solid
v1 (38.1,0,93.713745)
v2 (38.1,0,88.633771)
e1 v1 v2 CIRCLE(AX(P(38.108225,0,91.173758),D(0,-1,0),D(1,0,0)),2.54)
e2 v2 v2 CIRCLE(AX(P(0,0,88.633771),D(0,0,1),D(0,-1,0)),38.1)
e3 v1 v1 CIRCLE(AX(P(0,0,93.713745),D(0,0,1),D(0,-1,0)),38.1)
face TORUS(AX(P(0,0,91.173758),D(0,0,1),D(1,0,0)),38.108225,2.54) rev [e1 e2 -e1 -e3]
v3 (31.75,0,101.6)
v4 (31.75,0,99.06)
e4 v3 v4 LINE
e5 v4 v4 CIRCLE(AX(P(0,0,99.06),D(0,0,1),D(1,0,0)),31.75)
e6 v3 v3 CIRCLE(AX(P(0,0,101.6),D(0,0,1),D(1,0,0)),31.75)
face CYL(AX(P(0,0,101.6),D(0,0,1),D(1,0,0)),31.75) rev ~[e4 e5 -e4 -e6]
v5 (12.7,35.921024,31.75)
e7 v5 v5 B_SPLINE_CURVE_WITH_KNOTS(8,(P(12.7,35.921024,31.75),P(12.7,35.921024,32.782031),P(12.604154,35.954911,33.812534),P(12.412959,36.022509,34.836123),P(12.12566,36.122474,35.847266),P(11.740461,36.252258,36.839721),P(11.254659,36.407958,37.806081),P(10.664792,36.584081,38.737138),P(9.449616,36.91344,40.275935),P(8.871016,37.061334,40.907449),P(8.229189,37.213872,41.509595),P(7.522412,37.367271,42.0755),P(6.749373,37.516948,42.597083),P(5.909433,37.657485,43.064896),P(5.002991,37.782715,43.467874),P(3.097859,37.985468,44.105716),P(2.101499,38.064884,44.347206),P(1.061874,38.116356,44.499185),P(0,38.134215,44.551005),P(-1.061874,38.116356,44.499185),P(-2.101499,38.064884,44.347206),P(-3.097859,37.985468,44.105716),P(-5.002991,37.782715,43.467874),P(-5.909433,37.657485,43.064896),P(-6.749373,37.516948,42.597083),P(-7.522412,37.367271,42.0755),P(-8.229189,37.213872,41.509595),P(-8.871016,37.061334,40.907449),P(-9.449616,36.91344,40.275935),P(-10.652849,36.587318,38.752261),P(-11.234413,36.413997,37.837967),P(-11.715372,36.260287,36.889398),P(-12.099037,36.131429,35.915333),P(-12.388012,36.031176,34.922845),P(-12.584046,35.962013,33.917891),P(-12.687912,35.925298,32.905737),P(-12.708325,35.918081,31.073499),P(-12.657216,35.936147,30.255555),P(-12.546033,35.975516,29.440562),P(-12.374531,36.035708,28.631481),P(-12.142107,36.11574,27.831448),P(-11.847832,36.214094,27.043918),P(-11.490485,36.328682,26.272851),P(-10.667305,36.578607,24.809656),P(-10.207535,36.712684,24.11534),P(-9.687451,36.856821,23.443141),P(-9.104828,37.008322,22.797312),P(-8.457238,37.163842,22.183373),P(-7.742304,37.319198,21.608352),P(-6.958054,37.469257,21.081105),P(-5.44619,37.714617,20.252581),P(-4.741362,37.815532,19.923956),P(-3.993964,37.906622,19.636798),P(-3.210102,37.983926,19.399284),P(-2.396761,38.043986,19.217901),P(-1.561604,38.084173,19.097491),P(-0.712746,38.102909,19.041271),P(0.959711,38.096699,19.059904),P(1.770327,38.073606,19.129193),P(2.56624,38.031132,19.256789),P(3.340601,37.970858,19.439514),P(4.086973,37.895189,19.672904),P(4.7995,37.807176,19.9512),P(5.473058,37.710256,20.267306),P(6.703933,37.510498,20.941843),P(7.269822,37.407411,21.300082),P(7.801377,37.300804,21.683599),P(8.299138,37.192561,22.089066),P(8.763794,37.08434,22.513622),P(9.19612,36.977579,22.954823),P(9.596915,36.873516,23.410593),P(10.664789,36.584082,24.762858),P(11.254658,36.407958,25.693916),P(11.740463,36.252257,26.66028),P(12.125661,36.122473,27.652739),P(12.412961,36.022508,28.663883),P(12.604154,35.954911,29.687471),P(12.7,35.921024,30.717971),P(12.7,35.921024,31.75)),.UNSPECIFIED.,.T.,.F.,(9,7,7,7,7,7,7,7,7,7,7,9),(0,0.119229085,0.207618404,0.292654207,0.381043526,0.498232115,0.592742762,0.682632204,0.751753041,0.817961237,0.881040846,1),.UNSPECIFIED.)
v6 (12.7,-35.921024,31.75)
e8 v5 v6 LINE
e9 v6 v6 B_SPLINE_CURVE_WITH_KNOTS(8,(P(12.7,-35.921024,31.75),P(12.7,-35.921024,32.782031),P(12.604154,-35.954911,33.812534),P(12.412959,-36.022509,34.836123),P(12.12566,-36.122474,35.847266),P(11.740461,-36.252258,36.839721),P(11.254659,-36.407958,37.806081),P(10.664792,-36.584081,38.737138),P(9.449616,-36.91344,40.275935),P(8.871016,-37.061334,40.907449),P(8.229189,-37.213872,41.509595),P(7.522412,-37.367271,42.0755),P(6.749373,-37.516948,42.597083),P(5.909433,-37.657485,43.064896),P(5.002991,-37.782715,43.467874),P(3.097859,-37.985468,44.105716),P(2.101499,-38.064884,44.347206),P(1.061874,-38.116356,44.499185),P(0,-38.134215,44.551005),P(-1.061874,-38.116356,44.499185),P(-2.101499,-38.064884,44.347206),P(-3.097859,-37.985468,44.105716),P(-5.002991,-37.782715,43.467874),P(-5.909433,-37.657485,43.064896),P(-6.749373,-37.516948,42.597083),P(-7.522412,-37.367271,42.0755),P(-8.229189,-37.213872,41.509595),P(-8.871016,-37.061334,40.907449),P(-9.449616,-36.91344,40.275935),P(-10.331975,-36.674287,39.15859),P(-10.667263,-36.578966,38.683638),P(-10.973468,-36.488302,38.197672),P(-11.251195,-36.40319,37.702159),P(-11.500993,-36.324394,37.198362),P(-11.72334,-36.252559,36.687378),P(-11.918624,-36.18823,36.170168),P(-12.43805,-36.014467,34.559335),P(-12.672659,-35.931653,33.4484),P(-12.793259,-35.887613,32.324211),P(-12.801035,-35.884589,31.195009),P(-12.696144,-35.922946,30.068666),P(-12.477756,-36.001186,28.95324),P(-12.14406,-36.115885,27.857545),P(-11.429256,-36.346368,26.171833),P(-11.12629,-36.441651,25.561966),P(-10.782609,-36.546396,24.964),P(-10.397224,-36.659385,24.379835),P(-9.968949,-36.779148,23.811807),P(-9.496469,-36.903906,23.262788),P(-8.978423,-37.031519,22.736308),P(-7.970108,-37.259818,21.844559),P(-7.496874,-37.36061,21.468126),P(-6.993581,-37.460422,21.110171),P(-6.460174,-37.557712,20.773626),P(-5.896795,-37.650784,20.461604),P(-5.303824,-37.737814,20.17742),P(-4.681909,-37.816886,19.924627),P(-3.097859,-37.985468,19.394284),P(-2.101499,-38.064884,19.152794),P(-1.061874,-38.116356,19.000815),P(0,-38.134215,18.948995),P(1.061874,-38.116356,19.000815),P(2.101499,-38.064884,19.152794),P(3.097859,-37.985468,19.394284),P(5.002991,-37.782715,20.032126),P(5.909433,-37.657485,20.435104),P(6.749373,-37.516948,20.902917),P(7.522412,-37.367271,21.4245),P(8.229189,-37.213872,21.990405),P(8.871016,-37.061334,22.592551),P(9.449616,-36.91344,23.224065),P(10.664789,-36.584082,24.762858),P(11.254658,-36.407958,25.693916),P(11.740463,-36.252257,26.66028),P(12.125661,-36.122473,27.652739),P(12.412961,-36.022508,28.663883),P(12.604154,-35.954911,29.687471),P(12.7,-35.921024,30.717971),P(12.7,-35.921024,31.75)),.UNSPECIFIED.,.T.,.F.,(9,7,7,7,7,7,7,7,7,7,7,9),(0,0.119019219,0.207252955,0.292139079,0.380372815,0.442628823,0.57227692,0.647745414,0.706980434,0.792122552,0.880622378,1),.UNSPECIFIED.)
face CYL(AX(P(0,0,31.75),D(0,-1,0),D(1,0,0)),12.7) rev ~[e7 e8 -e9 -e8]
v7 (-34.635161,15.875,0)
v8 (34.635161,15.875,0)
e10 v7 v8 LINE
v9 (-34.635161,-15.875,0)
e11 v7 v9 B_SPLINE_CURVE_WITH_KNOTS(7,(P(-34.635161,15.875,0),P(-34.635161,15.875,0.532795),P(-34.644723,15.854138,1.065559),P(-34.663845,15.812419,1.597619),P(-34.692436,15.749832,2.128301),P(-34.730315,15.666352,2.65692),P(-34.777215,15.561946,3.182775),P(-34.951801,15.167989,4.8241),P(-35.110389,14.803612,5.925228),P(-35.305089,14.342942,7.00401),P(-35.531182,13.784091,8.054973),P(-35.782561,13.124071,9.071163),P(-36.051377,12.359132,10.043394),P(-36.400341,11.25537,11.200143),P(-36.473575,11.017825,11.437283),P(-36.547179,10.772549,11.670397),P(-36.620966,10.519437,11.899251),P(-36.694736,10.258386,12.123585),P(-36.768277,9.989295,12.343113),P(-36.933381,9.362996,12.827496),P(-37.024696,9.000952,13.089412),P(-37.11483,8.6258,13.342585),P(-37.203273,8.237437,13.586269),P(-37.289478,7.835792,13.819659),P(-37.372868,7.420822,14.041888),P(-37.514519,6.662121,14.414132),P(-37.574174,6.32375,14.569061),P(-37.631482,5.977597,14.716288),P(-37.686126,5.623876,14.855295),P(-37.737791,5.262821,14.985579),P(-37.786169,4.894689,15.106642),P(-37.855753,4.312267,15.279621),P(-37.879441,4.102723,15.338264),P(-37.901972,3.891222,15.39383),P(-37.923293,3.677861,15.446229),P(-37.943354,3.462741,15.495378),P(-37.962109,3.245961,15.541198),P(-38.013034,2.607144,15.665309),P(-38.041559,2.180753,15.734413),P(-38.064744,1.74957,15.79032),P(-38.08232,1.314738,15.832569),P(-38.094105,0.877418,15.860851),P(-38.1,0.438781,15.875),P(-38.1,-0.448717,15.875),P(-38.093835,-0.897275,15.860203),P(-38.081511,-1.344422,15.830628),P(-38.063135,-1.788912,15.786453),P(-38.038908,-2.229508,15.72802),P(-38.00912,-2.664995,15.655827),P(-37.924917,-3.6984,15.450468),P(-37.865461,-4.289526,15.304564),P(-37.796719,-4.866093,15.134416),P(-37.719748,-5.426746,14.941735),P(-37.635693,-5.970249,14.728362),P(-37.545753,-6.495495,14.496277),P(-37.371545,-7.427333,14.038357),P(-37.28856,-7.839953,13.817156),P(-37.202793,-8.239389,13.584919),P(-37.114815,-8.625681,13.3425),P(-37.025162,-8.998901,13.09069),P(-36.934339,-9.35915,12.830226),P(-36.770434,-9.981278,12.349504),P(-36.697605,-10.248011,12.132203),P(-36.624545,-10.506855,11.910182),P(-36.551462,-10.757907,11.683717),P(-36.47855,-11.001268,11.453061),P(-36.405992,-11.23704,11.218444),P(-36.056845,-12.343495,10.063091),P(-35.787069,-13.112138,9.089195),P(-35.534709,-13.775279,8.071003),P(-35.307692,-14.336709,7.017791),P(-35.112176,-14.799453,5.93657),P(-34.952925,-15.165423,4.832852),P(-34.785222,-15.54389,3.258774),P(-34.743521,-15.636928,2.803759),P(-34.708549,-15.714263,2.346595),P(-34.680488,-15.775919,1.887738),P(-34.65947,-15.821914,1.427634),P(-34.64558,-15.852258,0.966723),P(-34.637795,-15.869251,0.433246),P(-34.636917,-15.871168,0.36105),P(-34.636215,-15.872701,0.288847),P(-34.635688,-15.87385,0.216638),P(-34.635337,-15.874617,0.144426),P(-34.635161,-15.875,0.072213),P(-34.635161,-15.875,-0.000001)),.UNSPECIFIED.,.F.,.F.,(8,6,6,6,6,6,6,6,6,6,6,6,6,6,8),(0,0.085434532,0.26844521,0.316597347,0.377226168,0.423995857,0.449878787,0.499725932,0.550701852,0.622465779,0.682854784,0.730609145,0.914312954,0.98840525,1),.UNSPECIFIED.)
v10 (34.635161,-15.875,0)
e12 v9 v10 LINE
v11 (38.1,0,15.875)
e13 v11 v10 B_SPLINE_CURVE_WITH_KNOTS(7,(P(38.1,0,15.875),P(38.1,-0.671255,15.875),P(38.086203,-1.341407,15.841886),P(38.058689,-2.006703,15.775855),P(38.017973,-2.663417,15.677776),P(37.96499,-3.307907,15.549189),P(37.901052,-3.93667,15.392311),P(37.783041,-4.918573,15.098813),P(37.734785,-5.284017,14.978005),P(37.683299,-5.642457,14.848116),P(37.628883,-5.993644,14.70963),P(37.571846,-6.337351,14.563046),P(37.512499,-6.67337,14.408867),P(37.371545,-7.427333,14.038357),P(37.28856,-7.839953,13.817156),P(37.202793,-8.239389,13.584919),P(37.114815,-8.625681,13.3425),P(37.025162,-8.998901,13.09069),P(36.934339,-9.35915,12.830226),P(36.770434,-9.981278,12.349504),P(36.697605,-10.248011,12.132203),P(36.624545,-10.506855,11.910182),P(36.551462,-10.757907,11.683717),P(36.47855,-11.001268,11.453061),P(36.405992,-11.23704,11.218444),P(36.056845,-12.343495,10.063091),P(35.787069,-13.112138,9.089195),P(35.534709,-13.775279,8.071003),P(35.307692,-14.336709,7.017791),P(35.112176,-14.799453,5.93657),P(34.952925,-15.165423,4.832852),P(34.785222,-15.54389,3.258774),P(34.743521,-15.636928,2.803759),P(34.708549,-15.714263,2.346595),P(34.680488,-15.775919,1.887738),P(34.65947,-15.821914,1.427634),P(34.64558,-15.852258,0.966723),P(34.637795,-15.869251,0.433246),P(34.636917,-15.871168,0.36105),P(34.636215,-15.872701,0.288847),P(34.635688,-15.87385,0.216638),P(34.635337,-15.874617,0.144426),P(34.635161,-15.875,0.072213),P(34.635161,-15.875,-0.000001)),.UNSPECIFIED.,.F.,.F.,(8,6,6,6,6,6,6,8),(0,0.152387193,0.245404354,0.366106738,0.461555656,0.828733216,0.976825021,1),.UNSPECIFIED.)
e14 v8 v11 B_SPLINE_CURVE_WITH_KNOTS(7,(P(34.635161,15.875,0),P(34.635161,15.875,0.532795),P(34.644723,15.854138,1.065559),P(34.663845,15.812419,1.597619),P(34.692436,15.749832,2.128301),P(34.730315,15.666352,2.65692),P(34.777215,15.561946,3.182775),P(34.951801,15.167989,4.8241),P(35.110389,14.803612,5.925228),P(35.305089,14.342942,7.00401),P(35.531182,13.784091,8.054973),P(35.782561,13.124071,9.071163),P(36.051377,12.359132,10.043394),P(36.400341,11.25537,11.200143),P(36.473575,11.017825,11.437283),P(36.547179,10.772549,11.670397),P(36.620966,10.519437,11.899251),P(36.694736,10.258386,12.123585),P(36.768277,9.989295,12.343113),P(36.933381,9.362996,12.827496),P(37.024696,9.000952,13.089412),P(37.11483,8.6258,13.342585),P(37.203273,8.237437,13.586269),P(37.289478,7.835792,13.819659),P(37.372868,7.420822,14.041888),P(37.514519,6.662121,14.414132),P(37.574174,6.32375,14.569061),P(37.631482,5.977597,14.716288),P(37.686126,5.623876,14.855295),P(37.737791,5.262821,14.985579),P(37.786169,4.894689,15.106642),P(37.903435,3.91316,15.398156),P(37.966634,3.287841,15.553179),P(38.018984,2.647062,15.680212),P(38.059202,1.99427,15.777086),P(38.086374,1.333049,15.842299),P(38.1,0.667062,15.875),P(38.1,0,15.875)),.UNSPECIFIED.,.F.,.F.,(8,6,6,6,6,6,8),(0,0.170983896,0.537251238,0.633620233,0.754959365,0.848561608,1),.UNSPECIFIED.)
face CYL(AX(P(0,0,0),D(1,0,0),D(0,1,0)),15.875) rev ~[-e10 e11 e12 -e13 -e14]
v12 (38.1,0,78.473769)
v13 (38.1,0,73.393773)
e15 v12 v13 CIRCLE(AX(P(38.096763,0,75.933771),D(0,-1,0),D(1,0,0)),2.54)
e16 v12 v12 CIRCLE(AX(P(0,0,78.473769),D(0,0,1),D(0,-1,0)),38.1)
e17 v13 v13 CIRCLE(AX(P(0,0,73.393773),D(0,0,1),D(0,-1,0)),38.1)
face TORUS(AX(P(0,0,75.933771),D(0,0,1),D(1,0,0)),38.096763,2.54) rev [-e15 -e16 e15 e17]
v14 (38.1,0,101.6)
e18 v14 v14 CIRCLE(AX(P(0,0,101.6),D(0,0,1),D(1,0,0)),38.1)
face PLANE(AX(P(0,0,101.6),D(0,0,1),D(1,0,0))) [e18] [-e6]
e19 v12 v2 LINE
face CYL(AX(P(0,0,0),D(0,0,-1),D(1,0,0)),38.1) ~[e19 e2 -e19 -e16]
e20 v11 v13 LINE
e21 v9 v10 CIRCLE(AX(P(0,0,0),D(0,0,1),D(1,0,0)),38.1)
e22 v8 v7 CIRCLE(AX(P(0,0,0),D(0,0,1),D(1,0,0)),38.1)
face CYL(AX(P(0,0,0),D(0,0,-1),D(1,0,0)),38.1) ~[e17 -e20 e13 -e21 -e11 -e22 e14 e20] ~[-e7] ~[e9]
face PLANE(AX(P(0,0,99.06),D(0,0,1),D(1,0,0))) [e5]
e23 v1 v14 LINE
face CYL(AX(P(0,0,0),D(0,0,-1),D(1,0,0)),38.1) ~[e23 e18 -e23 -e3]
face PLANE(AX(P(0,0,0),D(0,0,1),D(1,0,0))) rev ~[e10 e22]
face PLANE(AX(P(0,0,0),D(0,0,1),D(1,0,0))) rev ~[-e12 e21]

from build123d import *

# Parameters (mm, degrees)
F0_R      = 38.1
F1_DEPTH  = 101.6
F2_R      = 2.54
F4_R      = 2.54
F6_R      = 12.7
F7_DEPTH  = 50.8
F8_R      = 15.875
F9_DEPTH  = 50.8
F11_R     = 31.75
F12_DEPTH = 2.54


with BuildPart() as f1:
    # F0 (on Top) → F1 (new body)
    with BuildSketch(Plane.XY):
        Circle(F0_R)
    extrude(amount=F1_DEPTH)

    # F2 (on Front) → F3 (revolve, cut)
    with BuildSketch(Plane.XZ):
        with Locations((38.108225, 91.173758)):
            Circle(F2_R)
    revolve(axis=Axis((0, 0, 0), (0, 0, -1)), mode=Mode.SUBTRACT)

    # F4 (on Front) → F5 (revolve, cut)
    with BuildSketch(Plane.XZ):
        with Locations((38.096763, 75.933771)):
            Circle(F4_R)
    revolve(axis=Axis((0, 0, 0), (0, 0, -1)), mode=Mode.SUBTRACT)

    # F6 (on Front) → F7 (cut, symmetric)
    with BuildSketch(Plane.XZ):
        with Locations((0, 31.75)):
            Circle(F6_R)
    extrude(amount=F7_DEPTH, both=True, mode=Mode.SUBTRACT)

    # F8 (on Right) → F9 (cut, symmetric)
    with BuildSketch(Plane.YZ):
        Circle(F8_R)
    extrude(amount=F9_DEPTH, both=True, mode=Mode.SUBTRACT)

    # F11 (on offset) → F12 (cut)
    with BuildSketch(Plane.XY.offset(101.6)):
        Circle(F11_R)
    extrude(amount=-F12_DEPTH, mode=Mode.SUBTRACT)


solid = f1.part
